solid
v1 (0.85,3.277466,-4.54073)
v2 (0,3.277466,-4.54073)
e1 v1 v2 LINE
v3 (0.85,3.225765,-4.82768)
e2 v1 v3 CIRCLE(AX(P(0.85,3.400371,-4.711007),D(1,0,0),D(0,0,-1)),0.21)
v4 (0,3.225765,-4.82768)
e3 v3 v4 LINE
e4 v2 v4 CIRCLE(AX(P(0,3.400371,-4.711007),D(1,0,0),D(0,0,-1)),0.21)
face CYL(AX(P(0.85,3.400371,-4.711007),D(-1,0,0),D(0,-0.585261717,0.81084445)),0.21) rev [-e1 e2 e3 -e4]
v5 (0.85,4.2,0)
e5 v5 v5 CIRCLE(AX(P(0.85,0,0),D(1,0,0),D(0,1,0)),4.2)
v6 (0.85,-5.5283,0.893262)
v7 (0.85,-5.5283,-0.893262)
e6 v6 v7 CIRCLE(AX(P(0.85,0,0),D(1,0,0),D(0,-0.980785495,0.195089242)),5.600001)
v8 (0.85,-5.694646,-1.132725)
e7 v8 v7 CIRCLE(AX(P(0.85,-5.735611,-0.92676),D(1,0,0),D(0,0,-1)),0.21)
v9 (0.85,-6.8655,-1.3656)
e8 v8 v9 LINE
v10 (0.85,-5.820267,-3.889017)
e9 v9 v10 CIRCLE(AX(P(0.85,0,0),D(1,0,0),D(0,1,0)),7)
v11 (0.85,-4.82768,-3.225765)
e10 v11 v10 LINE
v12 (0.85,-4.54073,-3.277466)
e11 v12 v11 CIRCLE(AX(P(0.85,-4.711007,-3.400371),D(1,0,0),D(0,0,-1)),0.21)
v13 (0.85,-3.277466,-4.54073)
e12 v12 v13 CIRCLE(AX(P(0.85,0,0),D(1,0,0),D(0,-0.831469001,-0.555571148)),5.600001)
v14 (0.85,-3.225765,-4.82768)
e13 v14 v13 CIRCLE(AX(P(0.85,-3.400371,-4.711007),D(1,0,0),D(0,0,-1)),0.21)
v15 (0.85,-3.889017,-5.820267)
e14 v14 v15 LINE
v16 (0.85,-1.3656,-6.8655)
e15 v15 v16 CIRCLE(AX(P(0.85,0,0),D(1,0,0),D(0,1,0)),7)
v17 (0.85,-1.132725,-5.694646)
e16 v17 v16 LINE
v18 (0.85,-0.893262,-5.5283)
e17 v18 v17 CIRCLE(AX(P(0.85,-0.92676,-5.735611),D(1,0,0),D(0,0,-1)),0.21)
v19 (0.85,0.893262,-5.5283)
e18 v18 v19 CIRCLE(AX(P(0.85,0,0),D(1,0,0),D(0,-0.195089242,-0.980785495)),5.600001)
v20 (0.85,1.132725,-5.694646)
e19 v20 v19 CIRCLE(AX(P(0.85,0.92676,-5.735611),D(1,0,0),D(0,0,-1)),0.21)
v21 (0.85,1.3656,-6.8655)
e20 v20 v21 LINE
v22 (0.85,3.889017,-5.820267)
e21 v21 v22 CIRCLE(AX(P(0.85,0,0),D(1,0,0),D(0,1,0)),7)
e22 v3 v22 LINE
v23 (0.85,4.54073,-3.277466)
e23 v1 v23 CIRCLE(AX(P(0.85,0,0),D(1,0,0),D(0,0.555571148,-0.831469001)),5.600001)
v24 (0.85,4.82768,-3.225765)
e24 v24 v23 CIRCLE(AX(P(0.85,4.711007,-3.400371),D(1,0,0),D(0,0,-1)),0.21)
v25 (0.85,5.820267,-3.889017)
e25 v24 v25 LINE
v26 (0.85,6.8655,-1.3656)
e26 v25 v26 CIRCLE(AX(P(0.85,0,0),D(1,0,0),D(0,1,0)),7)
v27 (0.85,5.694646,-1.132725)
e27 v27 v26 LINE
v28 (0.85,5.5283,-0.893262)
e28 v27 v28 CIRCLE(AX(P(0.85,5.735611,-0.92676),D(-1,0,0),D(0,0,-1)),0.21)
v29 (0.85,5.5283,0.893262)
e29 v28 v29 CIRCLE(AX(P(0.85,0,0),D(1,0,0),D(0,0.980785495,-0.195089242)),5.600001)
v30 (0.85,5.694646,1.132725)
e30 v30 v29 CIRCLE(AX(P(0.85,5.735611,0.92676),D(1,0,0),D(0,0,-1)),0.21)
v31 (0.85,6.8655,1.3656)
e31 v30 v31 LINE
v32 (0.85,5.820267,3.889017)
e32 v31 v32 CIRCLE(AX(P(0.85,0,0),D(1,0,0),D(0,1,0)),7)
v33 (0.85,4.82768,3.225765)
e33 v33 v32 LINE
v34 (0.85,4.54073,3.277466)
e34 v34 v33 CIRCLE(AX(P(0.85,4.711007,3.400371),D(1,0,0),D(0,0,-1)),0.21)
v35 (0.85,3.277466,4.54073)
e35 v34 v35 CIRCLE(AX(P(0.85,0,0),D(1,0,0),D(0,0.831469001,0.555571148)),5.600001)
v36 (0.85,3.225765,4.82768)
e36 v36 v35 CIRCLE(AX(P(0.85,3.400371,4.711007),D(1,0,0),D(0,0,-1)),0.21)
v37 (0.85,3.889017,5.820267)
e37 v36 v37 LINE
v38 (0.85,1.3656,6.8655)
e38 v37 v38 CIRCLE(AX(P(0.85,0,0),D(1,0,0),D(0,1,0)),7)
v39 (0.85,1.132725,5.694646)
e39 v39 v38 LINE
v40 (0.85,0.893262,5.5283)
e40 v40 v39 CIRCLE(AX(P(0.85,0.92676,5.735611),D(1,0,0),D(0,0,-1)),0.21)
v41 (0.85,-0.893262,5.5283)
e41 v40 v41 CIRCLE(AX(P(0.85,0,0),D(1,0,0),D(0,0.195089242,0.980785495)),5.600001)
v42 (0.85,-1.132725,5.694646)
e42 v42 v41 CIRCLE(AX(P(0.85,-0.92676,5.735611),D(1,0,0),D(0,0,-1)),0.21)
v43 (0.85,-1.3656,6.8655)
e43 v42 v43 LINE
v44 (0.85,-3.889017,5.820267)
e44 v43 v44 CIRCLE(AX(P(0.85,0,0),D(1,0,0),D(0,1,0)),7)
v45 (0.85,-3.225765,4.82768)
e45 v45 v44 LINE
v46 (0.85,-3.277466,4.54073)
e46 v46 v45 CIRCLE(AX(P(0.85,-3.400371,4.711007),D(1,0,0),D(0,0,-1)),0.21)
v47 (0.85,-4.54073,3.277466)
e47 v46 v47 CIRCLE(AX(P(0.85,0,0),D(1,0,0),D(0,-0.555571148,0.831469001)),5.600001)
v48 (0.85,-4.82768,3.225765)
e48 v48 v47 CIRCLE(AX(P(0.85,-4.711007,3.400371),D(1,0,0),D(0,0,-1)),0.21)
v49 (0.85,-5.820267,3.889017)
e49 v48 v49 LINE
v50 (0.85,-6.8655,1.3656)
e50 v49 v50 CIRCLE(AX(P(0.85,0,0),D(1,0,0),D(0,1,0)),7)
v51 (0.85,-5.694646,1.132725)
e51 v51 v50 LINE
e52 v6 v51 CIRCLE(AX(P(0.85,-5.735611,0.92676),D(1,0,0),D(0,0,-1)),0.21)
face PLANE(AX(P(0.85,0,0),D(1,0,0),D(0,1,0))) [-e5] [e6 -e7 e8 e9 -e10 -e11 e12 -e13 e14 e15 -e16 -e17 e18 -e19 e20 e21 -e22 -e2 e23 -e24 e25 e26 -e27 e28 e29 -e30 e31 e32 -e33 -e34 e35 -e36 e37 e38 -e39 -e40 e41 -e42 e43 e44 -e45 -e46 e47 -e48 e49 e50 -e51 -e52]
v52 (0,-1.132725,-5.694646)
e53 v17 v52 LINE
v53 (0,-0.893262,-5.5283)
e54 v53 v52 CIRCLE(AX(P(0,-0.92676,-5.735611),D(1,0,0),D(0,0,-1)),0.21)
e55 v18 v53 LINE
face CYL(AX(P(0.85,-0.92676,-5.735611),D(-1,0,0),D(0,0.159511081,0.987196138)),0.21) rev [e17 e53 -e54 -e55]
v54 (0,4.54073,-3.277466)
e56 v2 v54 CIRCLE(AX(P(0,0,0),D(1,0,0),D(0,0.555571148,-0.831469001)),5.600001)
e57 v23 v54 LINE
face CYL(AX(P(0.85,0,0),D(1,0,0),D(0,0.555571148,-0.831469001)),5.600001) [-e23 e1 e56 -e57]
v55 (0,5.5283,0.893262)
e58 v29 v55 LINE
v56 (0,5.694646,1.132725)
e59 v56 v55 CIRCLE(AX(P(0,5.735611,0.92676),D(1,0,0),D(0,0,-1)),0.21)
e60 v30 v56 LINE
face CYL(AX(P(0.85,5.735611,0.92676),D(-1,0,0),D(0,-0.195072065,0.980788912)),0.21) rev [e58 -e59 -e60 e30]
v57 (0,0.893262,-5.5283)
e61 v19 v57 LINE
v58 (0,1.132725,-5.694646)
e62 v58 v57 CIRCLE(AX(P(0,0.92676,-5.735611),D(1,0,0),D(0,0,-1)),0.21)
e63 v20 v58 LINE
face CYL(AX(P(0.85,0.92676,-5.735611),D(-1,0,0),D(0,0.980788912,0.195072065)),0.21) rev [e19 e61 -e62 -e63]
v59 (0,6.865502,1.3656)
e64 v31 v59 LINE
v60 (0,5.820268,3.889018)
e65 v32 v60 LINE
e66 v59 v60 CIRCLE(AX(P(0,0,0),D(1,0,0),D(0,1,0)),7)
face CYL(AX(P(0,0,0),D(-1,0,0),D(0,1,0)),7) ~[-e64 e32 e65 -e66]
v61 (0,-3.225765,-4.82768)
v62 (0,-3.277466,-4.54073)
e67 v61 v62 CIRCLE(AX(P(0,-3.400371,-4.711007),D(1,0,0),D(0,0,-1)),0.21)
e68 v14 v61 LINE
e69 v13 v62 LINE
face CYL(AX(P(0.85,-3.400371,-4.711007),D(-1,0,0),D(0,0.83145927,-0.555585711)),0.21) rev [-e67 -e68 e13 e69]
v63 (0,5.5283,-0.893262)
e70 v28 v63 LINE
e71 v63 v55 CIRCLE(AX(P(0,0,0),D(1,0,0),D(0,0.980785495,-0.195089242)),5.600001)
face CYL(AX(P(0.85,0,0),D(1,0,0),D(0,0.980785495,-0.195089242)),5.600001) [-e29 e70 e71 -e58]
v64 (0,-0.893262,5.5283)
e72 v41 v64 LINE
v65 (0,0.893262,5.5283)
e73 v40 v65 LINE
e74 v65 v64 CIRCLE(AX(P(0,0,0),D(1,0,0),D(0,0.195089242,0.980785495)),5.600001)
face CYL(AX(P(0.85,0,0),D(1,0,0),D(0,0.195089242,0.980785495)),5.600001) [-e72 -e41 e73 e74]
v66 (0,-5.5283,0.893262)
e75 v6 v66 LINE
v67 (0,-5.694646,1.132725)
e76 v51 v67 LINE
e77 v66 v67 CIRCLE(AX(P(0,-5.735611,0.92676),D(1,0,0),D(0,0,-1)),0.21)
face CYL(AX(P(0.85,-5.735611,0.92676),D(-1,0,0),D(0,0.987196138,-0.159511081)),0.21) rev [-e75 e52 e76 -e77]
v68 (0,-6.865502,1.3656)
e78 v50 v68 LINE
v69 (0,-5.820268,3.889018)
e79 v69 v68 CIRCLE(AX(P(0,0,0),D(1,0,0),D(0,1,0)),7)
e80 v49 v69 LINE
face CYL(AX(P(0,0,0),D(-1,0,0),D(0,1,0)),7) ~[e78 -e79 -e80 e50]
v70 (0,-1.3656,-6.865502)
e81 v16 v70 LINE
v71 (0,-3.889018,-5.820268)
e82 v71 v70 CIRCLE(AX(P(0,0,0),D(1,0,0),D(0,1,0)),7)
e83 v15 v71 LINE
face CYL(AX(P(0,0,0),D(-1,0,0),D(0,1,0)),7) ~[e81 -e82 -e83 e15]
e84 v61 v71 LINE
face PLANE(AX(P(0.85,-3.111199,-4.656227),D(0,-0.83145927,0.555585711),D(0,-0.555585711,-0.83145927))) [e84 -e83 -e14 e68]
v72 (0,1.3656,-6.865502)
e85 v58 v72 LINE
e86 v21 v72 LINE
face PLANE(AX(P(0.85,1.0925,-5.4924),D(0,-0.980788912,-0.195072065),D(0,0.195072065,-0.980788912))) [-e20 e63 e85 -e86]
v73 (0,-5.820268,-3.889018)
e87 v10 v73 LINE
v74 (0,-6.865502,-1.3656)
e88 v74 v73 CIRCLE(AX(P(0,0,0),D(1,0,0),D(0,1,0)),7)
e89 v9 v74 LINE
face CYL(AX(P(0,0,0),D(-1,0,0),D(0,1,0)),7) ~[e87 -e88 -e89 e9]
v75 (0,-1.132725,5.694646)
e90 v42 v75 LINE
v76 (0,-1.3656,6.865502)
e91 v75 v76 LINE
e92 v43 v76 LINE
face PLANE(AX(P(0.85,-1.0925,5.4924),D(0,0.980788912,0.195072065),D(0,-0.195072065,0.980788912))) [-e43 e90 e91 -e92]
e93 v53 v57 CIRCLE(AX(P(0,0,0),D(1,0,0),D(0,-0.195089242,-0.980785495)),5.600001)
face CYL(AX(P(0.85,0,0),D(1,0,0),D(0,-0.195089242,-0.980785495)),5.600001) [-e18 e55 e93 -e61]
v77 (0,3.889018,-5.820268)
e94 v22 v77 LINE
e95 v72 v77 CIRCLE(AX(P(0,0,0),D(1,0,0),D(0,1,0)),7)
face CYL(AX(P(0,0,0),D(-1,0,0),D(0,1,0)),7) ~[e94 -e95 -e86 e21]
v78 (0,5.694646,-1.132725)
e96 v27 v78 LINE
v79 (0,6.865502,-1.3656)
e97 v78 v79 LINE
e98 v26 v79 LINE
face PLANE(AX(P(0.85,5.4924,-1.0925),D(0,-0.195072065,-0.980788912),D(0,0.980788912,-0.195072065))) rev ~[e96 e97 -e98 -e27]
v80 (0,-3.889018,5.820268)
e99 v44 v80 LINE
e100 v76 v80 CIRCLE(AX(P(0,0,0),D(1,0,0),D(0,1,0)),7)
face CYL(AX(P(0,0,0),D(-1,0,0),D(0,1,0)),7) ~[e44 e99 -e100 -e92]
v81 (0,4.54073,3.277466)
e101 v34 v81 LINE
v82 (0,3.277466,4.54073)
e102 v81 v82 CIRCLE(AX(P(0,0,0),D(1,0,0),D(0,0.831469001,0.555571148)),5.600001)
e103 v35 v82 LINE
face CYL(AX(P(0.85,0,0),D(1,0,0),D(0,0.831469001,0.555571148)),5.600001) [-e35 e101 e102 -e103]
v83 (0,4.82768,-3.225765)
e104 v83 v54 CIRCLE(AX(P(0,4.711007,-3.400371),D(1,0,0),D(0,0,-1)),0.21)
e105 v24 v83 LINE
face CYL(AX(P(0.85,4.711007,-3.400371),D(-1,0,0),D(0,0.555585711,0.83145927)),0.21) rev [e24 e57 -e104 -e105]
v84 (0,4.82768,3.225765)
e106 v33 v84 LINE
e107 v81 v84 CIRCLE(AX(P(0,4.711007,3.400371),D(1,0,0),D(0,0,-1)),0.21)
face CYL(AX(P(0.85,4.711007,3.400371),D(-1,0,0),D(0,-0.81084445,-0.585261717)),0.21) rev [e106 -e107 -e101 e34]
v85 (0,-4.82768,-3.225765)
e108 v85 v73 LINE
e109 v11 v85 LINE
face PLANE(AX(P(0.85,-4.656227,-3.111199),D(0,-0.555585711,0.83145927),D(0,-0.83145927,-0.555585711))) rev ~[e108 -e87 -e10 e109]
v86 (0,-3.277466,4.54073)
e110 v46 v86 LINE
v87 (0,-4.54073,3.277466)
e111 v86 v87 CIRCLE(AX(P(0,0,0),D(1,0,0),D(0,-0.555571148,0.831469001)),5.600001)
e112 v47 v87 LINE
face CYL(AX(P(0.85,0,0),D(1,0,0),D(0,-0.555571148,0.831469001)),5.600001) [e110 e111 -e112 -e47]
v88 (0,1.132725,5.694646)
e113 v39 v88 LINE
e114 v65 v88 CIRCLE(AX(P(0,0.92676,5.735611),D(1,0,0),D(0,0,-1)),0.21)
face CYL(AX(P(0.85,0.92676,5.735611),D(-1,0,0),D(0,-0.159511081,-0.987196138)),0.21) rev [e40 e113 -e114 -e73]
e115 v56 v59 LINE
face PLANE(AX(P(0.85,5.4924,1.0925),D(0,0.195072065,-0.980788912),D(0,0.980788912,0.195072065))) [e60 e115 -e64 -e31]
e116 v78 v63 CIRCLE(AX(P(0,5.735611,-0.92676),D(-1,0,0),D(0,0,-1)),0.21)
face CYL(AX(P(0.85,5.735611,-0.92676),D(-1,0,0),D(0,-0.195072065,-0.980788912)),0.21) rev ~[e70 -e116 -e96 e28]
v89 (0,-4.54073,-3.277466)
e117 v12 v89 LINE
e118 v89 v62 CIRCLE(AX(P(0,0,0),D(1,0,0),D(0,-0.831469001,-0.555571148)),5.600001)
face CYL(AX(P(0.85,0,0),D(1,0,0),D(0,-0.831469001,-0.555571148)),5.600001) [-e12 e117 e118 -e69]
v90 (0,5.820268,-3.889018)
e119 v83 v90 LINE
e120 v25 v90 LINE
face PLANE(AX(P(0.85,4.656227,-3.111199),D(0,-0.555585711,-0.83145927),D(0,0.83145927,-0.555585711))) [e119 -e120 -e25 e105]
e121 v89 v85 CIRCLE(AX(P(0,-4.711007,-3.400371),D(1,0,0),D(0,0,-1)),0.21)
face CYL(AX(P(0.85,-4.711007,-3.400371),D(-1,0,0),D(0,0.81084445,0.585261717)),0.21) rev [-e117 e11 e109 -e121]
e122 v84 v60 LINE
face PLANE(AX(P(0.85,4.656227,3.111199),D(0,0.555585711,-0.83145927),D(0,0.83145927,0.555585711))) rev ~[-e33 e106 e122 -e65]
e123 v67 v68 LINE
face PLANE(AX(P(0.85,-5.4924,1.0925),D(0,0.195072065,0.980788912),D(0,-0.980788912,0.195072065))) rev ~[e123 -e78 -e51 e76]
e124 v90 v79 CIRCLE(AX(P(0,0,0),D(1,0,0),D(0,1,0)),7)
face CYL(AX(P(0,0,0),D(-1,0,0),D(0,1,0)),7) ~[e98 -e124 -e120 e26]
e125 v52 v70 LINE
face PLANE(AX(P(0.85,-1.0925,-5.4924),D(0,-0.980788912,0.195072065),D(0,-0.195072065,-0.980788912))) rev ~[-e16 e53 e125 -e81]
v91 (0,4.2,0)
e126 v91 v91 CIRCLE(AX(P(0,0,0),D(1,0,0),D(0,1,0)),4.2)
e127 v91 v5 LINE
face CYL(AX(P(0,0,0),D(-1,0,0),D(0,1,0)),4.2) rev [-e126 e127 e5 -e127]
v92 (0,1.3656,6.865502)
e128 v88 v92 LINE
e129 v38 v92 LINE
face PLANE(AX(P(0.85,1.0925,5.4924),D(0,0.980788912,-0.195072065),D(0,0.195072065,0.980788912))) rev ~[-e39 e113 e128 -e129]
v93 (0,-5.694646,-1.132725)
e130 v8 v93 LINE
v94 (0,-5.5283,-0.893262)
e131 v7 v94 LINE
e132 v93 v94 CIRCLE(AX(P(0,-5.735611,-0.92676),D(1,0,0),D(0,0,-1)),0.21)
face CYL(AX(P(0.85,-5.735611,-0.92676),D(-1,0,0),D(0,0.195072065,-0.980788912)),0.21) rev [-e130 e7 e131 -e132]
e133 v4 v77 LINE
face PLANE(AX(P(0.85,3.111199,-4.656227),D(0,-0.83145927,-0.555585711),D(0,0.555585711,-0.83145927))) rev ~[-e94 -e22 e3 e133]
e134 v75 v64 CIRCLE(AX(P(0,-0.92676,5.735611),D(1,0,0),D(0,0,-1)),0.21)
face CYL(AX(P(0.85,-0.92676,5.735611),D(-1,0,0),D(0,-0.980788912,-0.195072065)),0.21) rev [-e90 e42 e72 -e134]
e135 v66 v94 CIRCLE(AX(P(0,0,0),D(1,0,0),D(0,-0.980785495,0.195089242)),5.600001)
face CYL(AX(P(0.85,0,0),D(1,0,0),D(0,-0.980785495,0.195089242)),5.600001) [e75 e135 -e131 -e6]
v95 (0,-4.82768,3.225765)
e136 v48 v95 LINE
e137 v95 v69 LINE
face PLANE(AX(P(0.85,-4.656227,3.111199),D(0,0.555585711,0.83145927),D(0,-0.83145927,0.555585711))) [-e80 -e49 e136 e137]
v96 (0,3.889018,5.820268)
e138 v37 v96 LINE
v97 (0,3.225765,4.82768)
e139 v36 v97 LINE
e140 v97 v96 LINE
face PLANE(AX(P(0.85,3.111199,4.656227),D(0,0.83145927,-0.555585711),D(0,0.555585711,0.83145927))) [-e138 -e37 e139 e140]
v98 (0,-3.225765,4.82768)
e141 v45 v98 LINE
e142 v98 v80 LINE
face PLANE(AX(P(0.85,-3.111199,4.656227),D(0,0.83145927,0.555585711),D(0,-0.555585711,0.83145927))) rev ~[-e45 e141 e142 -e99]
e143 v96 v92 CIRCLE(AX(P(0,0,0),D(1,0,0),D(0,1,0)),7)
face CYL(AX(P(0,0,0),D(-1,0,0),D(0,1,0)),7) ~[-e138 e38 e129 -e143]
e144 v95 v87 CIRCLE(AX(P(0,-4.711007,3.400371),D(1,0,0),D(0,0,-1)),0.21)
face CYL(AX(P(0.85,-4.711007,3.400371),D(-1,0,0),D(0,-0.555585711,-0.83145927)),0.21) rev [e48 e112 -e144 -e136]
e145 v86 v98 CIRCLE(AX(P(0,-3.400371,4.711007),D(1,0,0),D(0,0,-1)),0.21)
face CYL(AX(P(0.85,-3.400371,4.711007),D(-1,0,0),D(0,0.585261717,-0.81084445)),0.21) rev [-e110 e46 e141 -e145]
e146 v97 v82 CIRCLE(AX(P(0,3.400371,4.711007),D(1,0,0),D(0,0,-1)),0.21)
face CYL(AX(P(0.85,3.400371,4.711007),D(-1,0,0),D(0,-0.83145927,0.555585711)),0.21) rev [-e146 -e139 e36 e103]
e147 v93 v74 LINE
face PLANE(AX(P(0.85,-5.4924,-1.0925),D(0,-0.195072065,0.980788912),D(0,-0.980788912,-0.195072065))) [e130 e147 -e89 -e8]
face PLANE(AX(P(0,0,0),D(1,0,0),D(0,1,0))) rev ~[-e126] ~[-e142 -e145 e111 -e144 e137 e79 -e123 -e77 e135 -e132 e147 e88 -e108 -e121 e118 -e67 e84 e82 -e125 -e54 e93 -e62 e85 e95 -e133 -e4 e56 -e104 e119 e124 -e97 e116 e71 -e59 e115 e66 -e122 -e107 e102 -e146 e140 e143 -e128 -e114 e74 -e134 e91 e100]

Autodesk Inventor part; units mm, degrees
ref_plane "YZ Plane" through (0, 0, 0) normal (1, 0, 0) x (0, 1, 0)
ref_plane "XZ Plane" through (0, 0, 0) normal (0, 1, 0) x (-1, 0, 0)
sketch "Sketch1" plane through (0, 0, 0) normal (1, 0, 0) x (0, 1, 0)
  circle A0 centre (0, 0) radius 7
  circle A1 centre (0, 0) radius 4.2
  dimension "d0" = 14
  dimension "d1" = 8.4
extrude "Body" add sketch "Sketch1" along normal blind 0.85
sketch "Sketch2" plane through (0.85, 0, 0) normal (1, 0, 0) x (0, 0, -1)
  circle A0 centre (0, 0) radius 7 projected
  line L0 (0, 0) -> (0, 7) construction
  arc A1 (1.3656, 6.8655) -> (-1.3656, 6.8655) centre (0, 0) ccw
  arc A2 (1.0925, 5.4924) -> (-1.0925, 5.4924) centre (0, 0) ccw
  line L1 (-1.0925, 5.4924) -> (-1.3656, 6.8655)
  line L2 (1.0925, 5.4924) -> (1.3656, 6.8655)
  line L3 (-1.0925, 5.4924) -> (0, 0) construction
  line L4 (0, 0) -> (1.0925, 5.4924) construction
  dimension "d4" = 22.5
  dimension "d5" = 11.2
extrude "Cut" cut sketch "Sketch2" against normal through all contours L2 A2 L1 A0 picked at (0.1221, 6.5193)
fillet "Fillet1" radius 0.21 2 edges at (0.425, 5.4924, 1.0925) (0.425, 5.4924, -1.0925)
pattern_circular "Cuts" count 8 over 360 about axis through (0, 0, 0) along (1, 0, 0) of "Cut", "Fillet1"
ref_plane "Work Plane1" through (0, 0, 0) normal (0, -1, 0) x (1, 0, 0)
equation "\"d0\" = SD2"
equation "\"d1\" = SD1"
equation "\"d2\" = SD"
equation "\"d5\" = 0.5 * SD2 + 0.5 * SD1"
equation "\"d6\" = SD"
equation "\"d8\" = 0.015 * SD2"
equation "\"SD\" = 0.85"
equation "\"SD1\" = 8.4"
equation "\"SD2\" = 14"
equation "\"NND\" = 8"
properties part number "AS 1969 - M8" material "Steel, Mild"
